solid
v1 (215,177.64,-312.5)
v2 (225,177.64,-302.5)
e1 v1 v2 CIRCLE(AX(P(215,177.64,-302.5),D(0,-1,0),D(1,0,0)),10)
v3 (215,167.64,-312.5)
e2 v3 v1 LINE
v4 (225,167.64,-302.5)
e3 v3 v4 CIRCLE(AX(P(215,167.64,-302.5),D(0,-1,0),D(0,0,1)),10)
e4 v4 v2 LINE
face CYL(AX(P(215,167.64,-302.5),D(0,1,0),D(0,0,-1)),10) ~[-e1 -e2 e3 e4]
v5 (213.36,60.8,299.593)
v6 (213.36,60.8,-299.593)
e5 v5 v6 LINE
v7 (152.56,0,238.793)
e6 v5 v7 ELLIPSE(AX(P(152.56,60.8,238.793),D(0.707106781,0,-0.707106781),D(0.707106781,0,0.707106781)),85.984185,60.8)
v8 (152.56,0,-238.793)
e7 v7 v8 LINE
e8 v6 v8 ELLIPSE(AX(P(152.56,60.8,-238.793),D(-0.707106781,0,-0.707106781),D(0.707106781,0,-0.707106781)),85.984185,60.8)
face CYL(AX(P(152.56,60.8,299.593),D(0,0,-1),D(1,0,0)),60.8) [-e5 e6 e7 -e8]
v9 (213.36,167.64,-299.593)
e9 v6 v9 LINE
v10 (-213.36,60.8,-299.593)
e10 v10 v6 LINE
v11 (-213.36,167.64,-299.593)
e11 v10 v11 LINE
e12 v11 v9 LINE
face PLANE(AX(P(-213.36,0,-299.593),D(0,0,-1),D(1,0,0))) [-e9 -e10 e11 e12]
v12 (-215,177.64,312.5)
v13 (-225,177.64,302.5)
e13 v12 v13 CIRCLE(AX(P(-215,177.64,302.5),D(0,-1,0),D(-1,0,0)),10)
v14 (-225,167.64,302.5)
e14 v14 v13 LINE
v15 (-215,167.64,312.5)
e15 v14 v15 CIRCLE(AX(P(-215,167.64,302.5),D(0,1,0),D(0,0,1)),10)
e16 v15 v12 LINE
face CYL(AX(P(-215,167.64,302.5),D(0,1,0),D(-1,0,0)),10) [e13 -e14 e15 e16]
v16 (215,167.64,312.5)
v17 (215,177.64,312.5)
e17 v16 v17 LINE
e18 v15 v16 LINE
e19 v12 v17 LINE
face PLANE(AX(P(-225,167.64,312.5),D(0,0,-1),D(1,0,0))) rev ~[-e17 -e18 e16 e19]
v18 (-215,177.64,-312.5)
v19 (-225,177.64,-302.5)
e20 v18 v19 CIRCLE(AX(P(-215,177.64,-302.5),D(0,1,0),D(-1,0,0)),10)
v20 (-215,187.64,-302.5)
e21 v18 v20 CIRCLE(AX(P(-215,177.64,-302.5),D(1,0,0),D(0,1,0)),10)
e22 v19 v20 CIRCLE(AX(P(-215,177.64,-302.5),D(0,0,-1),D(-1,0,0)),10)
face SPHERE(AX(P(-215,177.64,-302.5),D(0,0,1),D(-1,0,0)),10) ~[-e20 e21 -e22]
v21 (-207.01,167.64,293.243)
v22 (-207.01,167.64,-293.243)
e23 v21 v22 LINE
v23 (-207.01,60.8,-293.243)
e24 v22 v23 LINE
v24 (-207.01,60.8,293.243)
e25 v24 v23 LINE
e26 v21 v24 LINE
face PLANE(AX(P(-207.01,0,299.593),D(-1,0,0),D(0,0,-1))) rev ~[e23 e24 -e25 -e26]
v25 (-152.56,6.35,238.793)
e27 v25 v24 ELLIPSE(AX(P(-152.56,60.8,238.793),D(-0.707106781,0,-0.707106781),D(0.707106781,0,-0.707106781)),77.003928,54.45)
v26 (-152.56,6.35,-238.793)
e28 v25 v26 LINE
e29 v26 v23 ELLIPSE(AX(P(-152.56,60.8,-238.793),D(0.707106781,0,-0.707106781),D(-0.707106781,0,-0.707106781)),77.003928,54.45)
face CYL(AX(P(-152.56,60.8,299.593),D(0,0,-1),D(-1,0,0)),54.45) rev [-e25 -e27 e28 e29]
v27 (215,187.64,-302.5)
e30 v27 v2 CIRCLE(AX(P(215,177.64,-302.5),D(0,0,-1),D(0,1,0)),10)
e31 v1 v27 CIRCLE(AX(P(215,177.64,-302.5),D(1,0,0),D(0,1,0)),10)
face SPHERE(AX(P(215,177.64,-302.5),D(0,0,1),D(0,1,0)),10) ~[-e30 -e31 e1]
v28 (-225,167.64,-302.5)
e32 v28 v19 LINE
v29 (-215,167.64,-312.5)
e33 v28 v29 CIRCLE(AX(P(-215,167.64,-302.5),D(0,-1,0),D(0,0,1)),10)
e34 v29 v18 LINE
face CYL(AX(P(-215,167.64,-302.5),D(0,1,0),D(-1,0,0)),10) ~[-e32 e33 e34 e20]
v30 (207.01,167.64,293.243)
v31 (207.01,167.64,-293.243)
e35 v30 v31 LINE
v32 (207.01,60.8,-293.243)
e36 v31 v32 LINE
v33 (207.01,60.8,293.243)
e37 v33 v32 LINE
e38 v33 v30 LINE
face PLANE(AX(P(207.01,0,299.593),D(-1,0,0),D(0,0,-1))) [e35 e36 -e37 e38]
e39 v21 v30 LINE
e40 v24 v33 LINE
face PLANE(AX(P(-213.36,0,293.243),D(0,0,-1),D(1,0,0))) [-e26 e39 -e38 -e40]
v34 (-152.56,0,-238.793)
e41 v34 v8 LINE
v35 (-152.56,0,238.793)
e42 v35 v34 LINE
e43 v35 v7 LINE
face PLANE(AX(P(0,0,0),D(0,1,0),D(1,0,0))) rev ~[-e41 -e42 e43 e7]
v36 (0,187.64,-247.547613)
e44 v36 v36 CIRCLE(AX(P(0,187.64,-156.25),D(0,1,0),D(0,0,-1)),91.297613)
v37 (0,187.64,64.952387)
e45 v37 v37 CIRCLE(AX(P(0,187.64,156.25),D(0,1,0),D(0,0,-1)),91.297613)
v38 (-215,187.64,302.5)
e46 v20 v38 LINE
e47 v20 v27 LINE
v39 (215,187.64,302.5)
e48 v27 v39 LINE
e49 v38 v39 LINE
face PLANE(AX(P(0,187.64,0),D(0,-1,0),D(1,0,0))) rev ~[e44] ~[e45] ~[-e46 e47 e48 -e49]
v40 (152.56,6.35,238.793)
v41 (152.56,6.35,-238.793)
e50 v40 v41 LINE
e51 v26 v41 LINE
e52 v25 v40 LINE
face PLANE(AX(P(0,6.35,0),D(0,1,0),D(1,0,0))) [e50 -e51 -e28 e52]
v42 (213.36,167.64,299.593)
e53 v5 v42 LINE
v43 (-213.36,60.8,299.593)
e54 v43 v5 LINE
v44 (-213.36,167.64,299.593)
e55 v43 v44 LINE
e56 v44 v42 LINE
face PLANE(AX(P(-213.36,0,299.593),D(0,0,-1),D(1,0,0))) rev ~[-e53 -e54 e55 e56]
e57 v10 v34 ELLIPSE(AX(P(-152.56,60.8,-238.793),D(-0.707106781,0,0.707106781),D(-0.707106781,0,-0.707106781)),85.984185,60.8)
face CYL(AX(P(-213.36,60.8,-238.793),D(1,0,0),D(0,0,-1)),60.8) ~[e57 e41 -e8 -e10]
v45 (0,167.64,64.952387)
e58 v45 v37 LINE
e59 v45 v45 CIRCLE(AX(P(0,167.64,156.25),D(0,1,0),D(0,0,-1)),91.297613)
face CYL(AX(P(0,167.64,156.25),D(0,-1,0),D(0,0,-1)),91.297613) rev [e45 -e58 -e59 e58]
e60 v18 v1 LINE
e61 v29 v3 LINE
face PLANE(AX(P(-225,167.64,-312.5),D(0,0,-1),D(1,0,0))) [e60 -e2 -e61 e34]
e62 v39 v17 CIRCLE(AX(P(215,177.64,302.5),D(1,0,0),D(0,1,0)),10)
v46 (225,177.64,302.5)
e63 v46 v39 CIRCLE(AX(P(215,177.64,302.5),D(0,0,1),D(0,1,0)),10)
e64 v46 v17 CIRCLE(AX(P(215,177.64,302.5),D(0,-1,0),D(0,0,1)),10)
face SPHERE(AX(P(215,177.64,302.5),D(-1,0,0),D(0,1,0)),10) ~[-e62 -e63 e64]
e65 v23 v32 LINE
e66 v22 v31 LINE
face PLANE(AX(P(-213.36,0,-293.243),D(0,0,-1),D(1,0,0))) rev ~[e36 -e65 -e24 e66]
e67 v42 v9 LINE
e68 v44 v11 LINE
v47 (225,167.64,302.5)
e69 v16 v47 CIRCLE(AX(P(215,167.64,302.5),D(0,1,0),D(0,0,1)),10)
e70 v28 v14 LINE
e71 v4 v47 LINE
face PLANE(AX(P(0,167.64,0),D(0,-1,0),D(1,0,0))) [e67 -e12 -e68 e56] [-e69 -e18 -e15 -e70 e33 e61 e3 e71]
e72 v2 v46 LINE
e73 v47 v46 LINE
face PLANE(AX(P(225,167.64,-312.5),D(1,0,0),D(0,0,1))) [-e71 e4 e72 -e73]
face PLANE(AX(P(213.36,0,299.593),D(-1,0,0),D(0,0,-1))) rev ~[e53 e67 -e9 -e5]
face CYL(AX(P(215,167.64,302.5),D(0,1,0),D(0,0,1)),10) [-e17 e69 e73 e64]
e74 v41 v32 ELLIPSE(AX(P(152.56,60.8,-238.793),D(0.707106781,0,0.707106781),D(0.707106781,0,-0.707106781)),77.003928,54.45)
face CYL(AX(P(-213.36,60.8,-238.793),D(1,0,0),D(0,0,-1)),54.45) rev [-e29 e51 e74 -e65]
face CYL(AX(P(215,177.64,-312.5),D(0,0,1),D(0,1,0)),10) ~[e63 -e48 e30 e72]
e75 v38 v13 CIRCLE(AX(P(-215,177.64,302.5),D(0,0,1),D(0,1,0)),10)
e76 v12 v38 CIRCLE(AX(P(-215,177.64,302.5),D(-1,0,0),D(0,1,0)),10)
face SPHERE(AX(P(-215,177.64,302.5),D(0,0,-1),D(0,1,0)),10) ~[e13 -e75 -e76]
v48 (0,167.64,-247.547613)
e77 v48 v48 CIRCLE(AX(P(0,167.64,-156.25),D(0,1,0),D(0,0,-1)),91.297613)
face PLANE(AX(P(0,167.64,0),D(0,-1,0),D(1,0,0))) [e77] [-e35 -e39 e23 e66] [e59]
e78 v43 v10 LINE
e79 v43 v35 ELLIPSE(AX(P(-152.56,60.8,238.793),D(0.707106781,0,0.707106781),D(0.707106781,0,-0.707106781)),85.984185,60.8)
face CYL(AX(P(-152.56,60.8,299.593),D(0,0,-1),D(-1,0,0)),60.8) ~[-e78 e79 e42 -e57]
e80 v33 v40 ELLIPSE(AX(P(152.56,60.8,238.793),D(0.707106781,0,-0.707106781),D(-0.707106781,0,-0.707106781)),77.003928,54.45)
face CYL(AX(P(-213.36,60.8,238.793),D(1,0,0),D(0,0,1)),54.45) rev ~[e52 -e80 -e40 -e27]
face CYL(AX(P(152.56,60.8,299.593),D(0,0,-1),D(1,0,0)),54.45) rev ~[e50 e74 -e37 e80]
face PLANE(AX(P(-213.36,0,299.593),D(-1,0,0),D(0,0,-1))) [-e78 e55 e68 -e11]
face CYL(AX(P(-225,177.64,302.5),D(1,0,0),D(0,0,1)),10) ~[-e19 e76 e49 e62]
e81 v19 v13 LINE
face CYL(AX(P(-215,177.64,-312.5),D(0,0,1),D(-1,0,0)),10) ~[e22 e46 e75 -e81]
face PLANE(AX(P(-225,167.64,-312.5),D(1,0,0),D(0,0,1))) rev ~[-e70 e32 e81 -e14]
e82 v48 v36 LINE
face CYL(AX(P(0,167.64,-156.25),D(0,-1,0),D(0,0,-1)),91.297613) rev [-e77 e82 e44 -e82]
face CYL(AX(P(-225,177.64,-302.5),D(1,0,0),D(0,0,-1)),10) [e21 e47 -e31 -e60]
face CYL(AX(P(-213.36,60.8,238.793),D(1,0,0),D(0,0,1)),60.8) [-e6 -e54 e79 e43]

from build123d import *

# Parameters (mm, degrees)
SKETCH1_W           = 426.72
SKETCH1_H           = 599.186
BOSS_EXTRUDE1_DEPTH = 167.64
FILLET1_R           = 60.8
SHELL4_T            = -6.35
BOSS_EXTRUDE3_START = -167.64
SKETCH7_W           = 450
SKETCH7_H           = 625
BOSS_EXTRUDE3_DEPTH = 20
CUT_EXTRUDE4_START  = 167.64
SKETCH8_R           = 91.297613413
CUT_EXTRUDE4_DEPTH  = 20
FILLET4_R           = 10


with BuildPart() as part:
    # Sketch1 → Boss-Extrude1 (new body)
    with BuildSketch(Plane(origin=(0, 0, 0), x_dir=(1, 0, 0), z_dir=(0, 1, 0))):
        Rectangle(SKETCH1_W, SKETCH1_H)
    extrude(amount=BOSS_EXTRUDE1_DEPTH)

    # Fillet1
    fillet1_edges = [part.edges().sort_by_distance(p)[0] for p in [
        (0, 0, 299.593),
        (-213.36, 0, 0),
        (0, 0, -299.593),
        (213.36, 0, 0),
    ]]
    fillet(fillet1_edges, radius=FILLET1_R)

    # Shell4
    shell4_openings = [part.faces().sort_by_distance(p)[0] for p in [
        (0, 167.64, 0),
    ]]
    offset(amount=SHELL4_T, openings=shell4_openings)

    # Sketch7 → Boss-Extrude3 (add)
    with BuildSketch(Plane.XZ.offset(BOSS_EXTRUDE3_START)):
        Rectangle(SKETCH7_W, SKETCH7_H)
    extrude(amount=-BOSS_EXTRUDE3_DEPTH)

    # Sketch8 → Cut-Extrude4 (cut)
    with BuildSketch(Plane(origin=(0, 0, 0), x_dir=(1, 0, 0), z_dir=(0, 1, 0)).offset(CUT_EXTRUDE4_START)):
        with Locations(Location((0, -156.25, 0), (0, 0, 90))):
            Circle(SKETCH8_R)
        with Locations(Location((0, 156.25, 0), (0, 0, 90))):
            Circle(SKETCH8_R)
    extrude(amount=CUT_EXTRUDE4_DEPTH, mode=Mode.SUBTRACT)

    # Fillet4
    fillet4_edges = [part.edges().sort_by_distance(p)[0] for p in [
        (-225, 187.64, 0),
        (-225, 177.64, -312.5),
        (0, 187.64, 312.5),
        (-225, 177.64, 312.5),
        (225, 187.64, 0),
        (225, 177.64, 312.5),
        (0, 187.64, -312.5),
        (225, 177.64, -312.5),
    ]]
    fillet(fillet4_edges, radius=FILLET4_R)


solid = part.part
